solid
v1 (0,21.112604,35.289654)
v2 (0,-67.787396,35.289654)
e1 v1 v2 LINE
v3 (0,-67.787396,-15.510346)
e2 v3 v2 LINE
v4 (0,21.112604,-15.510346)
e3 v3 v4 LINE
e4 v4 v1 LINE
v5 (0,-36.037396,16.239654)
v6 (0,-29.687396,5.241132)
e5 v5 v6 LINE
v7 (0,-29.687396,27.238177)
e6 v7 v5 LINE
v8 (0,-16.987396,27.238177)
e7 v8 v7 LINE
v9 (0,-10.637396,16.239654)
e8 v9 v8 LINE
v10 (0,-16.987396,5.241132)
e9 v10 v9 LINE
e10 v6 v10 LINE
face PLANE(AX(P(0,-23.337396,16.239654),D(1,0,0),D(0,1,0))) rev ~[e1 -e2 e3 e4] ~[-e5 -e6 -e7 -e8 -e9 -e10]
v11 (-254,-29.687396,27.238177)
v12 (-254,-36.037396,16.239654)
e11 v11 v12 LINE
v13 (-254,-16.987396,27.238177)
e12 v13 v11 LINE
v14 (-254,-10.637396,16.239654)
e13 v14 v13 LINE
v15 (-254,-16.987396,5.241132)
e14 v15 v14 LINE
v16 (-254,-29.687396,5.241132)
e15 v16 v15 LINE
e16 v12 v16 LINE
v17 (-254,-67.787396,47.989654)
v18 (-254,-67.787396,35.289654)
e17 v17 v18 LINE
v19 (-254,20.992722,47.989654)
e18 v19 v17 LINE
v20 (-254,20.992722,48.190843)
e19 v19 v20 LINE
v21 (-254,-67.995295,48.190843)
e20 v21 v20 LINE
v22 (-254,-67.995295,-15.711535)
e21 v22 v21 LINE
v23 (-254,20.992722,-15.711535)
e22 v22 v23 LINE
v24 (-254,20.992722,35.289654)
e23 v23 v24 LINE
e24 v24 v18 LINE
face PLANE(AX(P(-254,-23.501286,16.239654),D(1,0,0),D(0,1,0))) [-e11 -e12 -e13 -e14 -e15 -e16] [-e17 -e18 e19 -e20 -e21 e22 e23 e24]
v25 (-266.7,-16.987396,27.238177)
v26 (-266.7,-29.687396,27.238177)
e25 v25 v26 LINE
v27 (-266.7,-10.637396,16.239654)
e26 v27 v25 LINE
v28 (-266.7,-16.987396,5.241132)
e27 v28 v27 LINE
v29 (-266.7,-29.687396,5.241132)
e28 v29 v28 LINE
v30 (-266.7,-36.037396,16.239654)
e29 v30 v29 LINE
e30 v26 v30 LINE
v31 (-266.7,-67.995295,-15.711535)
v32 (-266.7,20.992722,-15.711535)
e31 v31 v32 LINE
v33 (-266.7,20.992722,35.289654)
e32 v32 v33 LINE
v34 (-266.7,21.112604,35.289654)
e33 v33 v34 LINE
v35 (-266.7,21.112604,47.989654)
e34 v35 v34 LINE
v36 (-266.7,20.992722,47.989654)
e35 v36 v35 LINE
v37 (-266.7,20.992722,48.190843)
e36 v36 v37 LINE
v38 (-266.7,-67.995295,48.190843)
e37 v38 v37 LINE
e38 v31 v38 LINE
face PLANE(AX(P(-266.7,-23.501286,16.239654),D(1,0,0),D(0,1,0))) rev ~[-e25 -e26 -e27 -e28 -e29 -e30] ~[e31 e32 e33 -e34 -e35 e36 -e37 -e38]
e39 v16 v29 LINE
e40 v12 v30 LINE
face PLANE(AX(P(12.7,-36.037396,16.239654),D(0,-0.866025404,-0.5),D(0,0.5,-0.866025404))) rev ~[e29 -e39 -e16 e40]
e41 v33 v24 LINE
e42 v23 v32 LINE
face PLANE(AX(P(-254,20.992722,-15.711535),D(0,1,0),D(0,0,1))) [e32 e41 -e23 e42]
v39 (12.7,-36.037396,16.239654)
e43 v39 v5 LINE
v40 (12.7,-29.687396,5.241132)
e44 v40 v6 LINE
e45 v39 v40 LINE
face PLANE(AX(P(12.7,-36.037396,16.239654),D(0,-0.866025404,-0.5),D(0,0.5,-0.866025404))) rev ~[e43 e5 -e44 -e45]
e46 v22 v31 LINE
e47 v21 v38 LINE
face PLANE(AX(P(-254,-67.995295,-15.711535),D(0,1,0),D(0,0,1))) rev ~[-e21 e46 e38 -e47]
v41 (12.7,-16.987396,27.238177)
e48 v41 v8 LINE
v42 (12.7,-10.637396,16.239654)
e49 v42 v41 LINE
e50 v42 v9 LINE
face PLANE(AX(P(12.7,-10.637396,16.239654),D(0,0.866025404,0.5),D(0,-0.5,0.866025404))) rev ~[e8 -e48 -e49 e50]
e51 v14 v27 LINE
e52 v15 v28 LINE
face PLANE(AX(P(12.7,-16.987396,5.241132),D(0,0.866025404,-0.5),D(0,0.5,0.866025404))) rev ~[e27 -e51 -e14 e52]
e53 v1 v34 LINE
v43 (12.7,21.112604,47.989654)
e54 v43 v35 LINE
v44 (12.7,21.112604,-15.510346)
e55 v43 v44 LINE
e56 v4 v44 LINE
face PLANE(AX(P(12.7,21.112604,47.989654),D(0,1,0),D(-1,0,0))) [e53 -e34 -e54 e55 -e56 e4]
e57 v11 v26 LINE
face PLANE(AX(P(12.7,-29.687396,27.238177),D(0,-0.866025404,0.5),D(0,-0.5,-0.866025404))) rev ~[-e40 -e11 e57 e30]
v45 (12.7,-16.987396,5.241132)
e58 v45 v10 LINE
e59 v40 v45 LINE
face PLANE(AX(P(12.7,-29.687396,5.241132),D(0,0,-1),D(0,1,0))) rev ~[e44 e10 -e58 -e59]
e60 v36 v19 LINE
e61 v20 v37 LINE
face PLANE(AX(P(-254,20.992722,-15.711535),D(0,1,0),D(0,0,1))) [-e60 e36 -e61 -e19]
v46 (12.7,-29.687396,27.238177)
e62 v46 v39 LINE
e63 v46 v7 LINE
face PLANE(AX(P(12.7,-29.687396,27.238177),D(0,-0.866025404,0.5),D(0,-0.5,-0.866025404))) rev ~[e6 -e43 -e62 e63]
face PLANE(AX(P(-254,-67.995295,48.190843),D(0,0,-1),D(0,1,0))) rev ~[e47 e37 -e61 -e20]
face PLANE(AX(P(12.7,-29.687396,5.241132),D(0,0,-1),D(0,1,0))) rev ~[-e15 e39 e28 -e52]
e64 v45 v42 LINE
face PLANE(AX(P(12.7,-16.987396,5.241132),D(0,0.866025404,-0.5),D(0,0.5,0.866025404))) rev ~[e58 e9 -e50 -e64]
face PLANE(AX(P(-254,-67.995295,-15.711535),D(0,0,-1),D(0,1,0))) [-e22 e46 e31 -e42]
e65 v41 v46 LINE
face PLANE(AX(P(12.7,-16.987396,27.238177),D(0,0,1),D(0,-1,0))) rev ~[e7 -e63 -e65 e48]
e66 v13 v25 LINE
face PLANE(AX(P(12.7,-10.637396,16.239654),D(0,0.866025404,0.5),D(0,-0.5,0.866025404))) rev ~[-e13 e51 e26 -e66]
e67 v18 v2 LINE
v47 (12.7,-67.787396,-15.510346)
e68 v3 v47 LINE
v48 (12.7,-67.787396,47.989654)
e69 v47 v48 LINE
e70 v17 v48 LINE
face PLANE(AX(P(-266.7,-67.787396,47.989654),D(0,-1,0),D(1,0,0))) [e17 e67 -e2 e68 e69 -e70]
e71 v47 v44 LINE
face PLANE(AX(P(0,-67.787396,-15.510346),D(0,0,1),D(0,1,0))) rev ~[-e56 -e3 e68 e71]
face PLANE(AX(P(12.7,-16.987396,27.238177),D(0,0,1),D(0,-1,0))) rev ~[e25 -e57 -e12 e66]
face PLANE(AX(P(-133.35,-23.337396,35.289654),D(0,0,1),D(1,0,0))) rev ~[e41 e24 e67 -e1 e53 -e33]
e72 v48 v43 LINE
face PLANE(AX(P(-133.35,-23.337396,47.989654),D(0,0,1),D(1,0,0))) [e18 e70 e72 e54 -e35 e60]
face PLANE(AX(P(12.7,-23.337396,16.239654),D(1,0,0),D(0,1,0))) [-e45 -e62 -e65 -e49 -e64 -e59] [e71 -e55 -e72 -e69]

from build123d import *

# Parameters (mm, degrees)
F0_W     = 88.9
F0_H     = 63.5
F1_DEPTH = 12.7
F3_W     = 88.9880172908
F3_H     = 63.9023780823
F4_DEPTH = 12.7
F6_W     = 266.7
F6_H     = 88.9
F6_W_2   = 12.7
F7_DEPTH = 12.7
F8_DEPTH = 304.8


with BuildPart() as f1:
    # F0 (on Right) → F1 (new body)
    with BuildSketch(Plane.YZ):
        with Locations((-23.3373962309, 16.2396542728)):
            Rectangle(F0_W, F0_H)
    extrude(amount=F1_DEPTH)



with BuildPart() as f4:
    # F3 (on offset) → F4 (new body)
    with BuildSketch(Plane.YZ.offset(-254)):
        with Locations((-23.5012862831, 16.2396542728)):
            Rectangle(F3_W, F3_H)
    extrude(amount=-F4_DEPTH)


with BuildPart() as f1_1:
    add(f1.part)

    add(f4.part)  # F7 merges F4
    # F6 (on face) → F7 (join)
    with BuildSketch(Plane.XY.offset(47.9896542728)):
        with Locations((-133.35, -23.3373962309)):
            Rectangle(F6_W, F6_H)
        with Locations((6.35, -23.3373962309)):
            Rectangle(F6_W_2, F6_H)
    extrude(amount=-F7_DEPTH)

    # F5 (on face) → F8 (cut)
    with BuildSketch(Plane.YZ.offset(12.7)):
        Polygon((-16.9873962309, 5.2411316447), (-10.6373962309, 16.2396542728), (-16.9873962309, 27.2381769009), (-29.6873962309, 27.2381769009), (-36.0373962309, 16.2396542728), (-29.6873962309, 5.2411316447), align=None)
    extrude(amount=-F8_DEPTH, mode=Mode.SUBTRACT)


solid = f1_1.part
